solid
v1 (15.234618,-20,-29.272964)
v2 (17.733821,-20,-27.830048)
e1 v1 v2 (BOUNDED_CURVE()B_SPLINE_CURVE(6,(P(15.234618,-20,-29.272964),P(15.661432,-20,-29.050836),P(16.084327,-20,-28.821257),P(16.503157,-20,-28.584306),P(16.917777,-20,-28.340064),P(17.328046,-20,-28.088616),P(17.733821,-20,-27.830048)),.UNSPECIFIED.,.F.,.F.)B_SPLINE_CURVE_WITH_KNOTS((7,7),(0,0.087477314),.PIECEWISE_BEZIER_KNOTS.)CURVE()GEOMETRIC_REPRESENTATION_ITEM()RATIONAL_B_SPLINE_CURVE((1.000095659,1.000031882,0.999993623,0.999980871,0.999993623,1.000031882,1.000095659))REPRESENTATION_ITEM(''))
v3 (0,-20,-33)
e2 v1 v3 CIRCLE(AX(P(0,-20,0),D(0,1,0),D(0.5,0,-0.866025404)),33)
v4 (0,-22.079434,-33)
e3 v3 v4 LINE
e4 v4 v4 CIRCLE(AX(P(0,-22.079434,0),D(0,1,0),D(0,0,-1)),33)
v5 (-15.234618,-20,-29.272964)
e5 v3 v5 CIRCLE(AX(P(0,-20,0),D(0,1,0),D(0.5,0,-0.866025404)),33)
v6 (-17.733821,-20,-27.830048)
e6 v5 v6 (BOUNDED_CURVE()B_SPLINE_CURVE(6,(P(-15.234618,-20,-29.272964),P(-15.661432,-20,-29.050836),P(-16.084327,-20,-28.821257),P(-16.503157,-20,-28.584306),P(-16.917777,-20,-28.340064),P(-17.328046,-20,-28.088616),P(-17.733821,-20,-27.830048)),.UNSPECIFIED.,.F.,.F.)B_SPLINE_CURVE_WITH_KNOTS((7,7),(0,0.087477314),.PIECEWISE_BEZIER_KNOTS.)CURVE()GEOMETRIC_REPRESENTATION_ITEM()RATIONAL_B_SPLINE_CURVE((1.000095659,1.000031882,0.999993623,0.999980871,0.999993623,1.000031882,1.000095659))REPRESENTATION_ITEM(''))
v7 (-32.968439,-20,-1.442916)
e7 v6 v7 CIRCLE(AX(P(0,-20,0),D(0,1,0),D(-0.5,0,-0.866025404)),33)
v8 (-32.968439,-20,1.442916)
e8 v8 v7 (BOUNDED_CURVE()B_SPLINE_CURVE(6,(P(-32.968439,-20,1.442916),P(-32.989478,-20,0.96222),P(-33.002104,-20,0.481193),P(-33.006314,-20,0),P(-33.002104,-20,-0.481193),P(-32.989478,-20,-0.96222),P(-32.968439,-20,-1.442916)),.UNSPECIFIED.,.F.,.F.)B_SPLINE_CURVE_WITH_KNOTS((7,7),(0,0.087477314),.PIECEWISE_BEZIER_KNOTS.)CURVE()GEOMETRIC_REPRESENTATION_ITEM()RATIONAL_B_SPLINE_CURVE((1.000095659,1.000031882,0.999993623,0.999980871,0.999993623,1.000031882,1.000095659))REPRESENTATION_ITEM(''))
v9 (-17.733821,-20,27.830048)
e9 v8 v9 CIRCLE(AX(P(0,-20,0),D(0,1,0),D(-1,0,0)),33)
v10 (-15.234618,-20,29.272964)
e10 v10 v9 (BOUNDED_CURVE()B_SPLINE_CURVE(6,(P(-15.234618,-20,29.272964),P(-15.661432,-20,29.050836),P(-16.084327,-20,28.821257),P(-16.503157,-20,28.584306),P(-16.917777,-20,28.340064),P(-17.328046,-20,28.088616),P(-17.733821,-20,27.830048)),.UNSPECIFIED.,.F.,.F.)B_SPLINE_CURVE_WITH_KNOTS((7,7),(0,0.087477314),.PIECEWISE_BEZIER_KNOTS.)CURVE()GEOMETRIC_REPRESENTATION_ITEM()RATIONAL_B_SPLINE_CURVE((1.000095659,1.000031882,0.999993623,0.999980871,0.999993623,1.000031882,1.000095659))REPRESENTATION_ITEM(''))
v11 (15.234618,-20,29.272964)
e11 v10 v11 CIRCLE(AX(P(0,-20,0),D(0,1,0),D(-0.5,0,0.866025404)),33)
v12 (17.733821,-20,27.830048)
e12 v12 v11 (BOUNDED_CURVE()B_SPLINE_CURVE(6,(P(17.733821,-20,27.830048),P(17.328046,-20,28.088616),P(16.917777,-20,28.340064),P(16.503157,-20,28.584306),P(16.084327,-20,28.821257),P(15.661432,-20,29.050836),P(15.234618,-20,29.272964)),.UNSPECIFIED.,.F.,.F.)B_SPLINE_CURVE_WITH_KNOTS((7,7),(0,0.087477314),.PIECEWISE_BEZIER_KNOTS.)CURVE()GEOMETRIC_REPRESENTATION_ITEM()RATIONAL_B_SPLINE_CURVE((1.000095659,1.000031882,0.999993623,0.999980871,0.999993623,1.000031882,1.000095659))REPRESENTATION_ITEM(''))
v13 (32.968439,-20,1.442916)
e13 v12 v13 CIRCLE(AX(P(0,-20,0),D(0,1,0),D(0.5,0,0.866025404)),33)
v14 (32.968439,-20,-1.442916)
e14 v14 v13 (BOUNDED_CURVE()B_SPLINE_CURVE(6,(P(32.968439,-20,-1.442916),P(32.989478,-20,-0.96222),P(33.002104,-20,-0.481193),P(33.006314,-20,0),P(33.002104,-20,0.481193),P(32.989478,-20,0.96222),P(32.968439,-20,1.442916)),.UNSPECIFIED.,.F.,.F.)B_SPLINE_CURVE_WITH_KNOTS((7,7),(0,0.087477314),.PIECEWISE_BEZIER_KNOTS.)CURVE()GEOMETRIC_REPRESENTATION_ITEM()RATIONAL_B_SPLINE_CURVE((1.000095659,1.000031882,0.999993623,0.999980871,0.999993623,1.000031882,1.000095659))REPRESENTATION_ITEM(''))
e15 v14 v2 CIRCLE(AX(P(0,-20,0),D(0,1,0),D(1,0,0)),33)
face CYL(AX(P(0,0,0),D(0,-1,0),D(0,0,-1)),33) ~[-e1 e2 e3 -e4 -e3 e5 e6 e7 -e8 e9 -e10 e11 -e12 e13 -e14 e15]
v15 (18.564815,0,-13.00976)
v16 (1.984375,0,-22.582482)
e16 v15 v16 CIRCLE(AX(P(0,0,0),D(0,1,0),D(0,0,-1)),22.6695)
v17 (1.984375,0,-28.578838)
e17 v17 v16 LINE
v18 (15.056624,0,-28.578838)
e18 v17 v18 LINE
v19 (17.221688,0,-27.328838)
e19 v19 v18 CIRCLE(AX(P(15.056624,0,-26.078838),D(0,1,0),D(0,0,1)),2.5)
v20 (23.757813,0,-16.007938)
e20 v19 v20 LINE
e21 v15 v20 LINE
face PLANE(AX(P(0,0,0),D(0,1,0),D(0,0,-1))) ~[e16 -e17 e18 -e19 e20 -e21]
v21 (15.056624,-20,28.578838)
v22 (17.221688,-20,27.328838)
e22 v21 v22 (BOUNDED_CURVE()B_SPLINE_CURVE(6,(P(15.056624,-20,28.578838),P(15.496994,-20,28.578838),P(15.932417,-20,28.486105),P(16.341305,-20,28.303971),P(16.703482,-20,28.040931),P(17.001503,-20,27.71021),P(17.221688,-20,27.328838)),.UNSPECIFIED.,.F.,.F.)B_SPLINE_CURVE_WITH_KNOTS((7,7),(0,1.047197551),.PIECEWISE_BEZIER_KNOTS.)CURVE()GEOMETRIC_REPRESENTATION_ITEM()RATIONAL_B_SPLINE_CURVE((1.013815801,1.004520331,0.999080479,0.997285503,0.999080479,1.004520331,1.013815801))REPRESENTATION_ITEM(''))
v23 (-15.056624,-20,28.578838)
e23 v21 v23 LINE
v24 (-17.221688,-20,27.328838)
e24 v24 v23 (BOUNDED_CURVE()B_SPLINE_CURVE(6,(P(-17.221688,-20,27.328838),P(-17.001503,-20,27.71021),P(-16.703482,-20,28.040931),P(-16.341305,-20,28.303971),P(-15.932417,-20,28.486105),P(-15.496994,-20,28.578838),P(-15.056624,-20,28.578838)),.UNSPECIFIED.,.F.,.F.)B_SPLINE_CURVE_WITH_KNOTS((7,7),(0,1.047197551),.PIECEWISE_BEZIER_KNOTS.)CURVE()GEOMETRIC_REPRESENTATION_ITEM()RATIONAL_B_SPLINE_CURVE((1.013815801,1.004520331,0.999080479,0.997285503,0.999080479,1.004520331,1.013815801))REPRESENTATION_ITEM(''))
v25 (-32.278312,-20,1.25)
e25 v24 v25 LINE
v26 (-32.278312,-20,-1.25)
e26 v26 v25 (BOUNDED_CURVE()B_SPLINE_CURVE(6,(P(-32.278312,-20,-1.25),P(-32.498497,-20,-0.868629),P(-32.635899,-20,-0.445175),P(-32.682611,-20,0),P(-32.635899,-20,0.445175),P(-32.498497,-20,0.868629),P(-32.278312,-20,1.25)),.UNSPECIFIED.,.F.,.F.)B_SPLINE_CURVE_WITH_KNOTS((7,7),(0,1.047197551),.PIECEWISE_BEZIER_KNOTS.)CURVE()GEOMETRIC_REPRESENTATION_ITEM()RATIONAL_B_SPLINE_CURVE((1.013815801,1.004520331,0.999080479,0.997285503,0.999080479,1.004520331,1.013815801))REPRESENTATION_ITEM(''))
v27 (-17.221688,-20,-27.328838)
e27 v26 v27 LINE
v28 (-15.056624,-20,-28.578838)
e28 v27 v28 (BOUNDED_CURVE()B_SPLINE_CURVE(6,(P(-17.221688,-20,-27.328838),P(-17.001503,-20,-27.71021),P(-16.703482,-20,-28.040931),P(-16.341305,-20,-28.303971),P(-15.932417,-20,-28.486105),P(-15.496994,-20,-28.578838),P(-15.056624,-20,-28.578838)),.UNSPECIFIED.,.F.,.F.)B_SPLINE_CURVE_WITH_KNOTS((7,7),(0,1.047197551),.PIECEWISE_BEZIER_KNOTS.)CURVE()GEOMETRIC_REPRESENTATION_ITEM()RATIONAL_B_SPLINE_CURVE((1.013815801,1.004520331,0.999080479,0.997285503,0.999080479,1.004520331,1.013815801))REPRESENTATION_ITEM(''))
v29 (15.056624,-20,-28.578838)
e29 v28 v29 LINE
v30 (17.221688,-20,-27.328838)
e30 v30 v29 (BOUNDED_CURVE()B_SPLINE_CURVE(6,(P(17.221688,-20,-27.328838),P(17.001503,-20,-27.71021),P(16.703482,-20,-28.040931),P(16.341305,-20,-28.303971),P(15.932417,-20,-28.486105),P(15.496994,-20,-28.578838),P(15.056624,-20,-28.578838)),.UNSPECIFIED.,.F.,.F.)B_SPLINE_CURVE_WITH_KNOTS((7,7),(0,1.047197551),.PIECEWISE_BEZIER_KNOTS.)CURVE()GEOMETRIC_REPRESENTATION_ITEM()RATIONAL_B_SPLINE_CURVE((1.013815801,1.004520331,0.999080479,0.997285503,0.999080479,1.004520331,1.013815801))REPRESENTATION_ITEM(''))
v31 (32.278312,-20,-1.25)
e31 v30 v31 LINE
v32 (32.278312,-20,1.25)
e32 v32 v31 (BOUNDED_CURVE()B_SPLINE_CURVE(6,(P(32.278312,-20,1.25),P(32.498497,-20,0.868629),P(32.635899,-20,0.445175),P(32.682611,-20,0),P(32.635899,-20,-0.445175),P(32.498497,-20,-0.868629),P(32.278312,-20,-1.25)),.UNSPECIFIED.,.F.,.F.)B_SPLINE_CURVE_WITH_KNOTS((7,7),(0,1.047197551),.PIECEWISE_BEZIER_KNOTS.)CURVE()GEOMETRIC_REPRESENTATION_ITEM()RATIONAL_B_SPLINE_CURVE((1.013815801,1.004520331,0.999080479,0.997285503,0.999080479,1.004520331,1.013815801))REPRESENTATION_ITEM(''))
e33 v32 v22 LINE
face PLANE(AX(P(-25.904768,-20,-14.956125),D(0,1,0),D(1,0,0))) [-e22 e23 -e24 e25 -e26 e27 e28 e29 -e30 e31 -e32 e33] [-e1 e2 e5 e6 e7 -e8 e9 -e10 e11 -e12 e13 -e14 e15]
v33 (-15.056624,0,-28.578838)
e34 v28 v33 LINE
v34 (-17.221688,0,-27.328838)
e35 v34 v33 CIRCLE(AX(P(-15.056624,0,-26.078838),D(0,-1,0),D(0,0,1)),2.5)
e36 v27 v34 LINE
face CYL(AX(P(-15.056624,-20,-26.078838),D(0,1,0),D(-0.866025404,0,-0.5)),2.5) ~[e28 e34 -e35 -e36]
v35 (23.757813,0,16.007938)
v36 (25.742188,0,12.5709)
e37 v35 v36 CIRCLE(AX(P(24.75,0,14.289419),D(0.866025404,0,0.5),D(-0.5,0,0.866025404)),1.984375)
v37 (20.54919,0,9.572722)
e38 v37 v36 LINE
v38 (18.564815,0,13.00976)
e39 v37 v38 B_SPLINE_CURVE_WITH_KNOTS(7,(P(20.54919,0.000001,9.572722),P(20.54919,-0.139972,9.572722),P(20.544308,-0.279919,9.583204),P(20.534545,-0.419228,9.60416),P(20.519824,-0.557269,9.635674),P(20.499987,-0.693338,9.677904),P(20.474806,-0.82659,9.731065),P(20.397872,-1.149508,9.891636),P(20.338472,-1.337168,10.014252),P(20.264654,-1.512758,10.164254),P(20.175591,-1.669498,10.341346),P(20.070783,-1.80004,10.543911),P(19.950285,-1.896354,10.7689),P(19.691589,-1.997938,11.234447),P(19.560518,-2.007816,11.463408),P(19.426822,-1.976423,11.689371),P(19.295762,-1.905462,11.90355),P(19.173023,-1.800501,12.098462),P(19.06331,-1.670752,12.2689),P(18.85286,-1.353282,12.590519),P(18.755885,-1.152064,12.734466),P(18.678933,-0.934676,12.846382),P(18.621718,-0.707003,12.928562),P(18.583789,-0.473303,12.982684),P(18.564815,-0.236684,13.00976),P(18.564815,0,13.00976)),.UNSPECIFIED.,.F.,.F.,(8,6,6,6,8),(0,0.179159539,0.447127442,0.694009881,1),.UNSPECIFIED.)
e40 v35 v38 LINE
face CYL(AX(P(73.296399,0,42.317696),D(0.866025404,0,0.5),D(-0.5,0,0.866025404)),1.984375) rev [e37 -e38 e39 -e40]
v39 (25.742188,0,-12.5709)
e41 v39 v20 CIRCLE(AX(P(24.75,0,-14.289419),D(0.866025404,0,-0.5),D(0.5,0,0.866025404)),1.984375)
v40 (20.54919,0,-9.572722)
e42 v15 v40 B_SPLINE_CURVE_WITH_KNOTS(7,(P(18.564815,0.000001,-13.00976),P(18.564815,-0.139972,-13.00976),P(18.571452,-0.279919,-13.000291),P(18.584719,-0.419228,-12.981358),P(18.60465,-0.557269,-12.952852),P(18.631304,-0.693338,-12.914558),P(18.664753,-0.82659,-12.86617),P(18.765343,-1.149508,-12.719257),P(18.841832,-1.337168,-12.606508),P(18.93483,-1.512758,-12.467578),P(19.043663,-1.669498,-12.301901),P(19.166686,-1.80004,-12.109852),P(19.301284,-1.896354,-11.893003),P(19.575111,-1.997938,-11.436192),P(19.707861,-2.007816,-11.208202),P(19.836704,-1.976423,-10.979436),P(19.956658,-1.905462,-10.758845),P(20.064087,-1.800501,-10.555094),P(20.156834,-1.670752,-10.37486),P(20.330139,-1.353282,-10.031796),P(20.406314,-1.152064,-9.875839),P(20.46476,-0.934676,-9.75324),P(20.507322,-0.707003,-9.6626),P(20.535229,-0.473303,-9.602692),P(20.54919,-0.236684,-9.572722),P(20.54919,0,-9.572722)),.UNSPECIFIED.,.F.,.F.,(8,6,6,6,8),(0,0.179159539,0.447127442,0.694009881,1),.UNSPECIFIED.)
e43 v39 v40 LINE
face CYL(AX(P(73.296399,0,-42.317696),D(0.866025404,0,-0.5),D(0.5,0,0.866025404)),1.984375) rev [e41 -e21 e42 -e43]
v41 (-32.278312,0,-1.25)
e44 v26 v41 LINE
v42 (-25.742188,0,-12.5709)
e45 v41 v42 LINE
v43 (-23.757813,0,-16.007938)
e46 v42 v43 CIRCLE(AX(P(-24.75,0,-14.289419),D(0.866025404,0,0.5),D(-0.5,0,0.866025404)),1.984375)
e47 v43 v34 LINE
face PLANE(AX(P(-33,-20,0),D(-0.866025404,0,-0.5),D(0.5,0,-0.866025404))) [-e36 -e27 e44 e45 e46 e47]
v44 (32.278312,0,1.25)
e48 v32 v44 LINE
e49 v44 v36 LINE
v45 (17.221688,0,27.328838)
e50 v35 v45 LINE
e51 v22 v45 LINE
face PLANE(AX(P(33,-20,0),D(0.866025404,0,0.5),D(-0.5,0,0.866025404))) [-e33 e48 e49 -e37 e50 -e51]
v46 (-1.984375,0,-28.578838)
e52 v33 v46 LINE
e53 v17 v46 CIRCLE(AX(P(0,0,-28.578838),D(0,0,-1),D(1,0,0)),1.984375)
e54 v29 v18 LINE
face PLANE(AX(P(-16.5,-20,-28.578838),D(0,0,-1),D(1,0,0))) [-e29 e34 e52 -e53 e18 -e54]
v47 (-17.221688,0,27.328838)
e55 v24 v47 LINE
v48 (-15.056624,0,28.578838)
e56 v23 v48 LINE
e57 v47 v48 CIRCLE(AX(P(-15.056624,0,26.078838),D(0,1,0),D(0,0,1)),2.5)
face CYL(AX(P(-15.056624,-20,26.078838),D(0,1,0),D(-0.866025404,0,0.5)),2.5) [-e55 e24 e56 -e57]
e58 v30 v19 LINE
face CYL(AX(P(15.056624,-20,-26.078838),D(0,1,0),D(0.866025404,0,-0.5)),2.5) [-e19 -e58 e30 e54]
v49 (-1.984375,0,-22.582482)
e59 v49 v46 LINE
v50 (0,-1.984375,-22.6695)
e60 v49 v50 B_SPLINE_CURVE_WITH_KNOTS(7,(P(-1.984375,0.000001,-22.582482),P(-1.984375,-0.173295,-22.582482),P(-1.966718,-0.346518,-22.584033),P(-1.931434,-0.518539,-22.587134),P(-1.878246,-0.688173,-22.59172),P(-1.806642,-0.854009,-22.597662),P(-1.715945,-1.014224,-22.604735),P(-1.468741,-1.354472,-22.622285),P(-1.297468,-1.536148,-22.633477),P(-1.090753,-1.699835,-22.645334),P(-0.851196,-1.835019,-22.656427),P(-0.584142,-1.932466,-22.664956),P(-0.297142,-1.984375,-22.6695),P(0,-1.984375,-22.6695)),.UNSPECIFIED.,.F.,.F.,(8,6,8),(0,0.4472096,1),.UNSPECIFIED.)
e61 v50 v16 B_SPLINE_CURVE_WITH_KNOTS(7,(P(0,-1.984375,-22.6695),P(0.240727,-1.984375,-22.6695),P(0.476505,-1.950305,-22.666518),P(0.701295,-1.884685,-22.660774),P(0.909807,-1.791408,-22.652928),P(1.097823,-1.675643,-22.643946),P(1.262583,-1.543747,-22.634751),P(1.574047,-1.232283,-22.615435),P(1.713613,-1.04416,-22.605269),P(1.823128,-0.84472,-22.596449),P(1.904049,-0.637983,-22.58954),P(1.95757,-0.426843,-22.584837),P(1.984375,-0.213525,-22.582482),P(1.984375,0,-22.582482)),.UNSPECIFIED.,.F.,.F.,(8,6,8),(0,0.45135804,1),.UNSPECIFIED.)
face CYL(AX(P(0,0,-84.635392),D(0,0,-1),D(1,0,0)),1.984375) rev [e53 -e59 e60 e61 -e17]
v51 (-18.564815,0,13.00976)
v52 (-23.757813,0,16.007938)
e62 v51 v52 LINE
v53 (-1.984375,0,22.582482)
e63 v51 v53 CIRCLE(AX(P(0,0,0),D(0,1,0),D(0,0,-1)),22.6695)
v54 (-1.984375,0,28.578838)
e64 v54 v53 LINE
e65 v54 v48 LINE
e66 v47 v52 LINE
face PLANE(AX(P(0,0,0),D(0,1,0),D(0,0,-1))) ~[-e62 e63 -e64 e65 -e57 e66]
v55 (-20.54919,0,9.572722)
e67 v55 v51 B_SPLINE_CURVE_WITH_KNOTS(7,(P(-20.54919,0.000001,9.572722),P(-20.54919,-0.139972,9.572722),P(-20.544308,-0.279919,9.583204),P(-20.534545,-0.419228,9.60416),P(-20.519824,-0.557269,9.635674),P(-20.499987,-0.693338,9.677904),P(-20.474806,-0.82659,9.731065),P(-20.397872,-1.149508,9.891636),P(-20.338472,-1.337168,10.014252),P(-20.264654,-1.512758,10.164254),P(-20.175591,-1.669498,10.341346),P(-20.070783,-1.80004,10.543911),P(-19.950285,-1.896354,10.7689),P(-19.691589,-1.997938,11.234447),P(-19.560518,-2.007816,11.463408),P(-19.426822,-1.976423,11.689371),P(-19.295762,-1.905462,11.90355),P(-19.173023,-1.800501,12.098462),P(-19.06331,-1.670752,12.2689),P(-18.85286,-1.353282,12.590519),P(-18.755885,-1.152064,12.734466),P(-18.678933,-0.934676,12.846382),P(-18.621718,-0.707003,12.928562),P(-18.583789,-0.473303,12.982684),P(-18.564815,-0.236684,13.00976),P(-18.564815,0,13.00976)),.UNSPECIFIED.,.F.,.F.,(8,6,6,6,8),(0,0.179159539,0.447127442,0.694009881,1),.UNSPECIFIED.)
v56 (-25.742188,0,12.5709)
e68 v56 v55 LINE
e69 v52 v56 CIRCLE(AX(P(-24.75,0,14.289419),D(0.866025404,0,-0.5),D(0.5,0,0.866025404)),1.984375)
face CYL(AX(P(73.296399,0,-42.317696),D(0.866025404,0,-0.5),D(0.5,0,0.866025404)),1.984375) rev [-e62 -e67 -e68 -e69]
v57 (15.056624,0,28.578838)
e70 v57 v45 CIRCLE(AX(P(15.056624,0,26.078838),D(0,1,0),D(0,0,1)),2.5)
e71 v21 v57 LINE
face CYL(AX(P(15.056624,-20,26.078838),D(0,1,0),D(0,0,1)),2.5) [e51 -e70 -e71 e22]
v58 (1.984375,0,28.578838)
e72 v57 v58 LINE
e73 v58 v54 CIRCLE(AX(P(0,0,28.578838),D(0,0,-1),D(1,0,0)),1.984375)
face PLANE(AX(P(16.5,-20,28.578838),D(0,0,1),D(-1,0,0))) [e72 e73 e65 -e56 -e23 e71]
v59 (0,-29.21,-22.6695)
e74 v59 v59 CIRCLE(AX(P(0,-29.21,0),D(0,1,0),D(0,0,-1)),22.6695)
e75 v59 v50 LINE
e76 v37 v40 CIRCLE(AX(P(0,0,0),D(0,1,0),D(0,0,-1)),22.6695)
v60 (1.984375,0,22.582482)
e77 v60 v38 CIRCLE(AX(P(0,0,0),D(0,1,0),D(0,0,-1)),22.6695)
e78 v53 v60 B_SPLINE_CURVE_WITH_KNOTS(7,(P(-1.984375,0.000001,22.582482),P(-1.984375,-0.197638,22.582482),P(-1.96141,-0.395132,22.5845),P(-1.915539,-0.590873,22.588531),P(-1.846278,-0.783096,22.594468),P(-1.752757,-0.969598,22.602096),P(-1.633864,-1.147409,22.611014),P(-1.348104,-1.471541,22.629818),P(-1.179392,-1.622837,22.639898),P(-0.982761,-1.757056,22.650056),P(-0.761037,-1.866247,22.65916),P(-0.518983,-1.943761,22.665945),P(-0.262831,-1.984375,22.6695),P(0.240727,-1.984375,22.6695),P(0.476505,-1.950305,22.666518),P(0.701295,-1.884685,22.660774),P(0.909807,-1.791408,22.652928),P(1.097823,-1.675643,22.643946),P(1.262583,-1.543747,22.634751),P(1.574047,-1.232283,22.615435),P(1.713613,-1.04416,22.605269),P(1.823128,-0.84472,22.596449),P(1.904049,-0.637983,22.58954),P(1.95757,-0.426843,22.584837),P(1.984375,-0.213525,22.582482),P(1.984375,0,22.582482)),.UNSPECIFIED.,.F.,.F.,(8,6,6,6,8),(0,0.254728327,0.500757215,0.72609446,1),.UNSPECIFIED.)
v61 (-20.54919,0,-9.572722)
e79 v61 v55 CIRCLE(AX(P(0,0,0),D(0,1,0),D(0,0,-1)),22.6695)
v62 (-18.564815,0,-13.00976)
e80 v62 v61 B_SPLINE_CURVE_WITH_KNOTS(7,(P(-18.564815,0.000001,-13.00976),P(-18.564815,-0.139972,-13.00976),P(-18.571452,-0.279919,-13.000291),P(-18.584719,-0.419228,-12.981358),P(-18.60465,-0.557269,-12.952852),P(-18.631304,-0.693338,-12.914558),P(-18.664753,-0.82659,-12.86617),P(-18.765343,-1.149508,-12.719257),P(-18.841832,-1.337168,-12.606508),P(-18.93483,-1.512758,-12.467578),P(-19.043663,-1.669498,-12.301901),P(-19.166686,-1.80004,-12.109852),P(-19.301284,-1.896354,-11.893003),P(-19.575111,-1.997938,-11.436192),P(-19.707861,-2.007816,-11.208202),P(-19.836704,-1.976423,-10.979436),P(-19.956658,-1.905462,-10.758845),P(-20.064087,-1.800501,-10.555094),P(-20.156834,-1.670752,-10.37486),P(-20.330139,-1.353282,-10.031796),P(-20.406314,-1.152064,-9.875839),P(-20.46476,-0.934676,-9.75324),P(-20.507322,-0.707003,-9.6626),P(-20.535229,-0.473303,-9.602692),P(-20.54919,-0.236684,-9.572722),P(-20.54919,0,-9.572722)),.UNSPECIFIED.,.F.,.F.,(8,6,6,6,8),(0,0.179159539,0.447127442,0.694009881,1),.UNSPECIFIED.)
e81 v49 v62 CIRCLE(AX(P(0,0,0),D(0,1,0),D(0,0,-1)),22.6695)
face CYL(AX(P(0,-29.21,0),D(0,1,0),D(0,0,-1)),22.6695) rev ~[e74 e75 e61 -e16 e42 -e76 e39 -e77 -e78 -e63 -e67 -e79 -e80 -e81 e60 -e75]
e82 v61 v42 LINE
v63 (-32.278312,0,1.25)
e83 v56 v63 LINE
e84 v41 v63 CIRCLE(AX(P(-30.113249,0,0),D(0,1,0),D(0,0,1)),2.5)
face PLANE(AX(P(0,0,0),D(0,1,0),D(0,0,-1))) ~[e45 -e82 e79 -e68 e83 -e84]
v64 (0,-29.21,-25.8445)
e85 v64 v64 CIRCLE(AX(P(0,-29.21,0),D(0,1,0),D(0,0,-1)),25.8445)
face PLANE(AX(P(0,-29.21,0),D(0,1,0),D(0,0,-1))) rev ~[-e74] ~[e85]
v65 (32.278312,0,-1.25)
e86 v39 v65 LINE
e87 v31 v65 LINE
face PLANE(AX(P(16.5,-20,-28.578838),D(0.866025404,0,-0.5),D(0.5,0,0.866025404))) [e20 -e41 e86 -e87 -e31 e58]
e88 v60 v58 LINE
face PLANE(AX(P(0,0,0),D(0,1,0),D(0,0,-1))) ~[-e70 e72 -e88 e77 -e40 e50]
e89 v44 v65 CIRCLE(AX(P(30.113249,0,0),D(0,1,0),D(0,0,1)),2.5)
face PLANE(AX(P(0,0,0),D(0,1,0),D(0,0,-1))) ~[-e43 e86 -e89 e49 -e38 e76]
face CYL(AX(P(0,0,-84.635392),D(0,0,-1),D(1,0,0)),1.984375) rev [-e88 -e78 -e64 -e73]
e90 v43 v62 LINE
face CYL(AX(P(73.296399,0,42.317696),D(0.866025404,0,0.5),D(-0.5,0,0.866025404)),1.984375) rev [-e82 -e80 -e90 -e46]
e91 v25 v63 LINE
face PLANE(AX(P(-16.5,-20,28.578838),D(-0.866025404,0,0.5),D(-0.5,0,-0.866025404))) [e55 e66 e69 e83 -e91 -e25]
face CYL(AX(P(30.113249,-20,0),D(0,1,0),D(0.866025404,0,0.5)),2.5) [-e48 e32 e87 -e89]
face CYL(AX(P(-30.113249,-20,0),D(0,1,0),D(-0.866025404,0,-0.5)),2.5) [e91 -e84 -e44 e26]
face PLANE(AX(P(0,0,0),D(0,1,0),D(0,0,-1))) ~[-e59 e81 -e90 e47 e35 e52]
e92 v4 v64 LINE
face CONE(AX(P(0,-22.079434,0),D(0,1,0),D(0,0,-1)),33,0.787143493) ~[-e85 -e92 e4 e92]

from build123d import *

# Parameters (mm, degrees)
CUT_EXTRUDE5_START = -20
CUT_EXTRUDE5_DEPTH = 20
FILLET4_R          = 2.5
CUT_EXTRUDE6_START = -84.635391772
SKETCH7_R          = 1.984375
CUT_EXTRUDE6_DEPTH = 140.691945543
CIRPATTERN2_COUNT  = 6


with BuildPart() as part:
    # Sketch1 → Revolve1 (revolve)
    with BuildSketch(Plane(origin=(0, 0, 0), x_dir=(0, 0, -1), z_dir=(1, 0, 0)), mode=Mode.PRIVATE) as revolve1_sk:
        Polygon((-22.6695, -29.21), (-22.6695, 0), (-33, 0), (-33, -22.079433914), (-25.8445, -29.21), align=None)
    revolve(revolve1_sk.sketch.rotate(Axis((0, 0, 0), (0, 1, 0)), 180), axis=Axis((0, 0, 0), (0, 1, 0)))

    # Sketch4 → Cut-Extrude5 (cut)
    with BuildSketch(Plane(origin=(0, 0, 0), x_dir=(1, 0, 0), z_dir=(0, 1, 0)).offset(CUT_EXTRUDE5_START)):
        with BuildLine():
            ThreePointArc((33, 0), (28.578838325, 16.5), (16.5, 28.578838325))
            Line((16.5, 28.578838325), (33, 0))
        make_face()
        with BuildLine():
            Line((-16.5, 28.578838325), (16.5, 28.578838325))
            ThreePointArc((16.5, 28.578838325), (0, 33), (-16.5, 28.578838325))
        make_face()
        with BuildLine():
            Line((-33, 0), (-16.5, 28.578838325))
            ThreePointArc((-16.5, 28.578838325), (-28.578838325, 16.5), (-33, 0))
        make_face()
        with BuildLine():
            ThreePointArc((16.5, -28.578838325), (28.578838325, -16.5), (33, 0))
            Line((33, 0), (16.5, -28.578838325))
        make_face()
        with BuildLine():
            Line((-16.5, -28.578838325), (-33, 0))
            ThreePointArc((-33, 0), (-28.578838325, -16.5), (-16.5, -28.578838325))
        make_face()
        with BuildLine():
            ThreePointArc((-16.5, -28.578838325), (0, -33), (16.5, -28.578838325))
            Line((16.5, -28.578838325), (-16.5, -28.578838325))
        make_face()
    extrude(amount=CUT_EXTRUDE5_DEPTH, mode=Mode.SUBTRACT)

    # Fillet4
    fillet4_edges = [part.edges().sort_by_distance(p)[0] for p in [
        (33, -10, 0),
        (16.5, -10, -28.578838325),
        (-33, -10, 0),
        (16.5, -10, 28.578838325),
        (-16.5, -10, -28.578838325),
        (-16.5, -10, 28.578838325),
    ]]
    fillet(fillet4_edges, radius=FILLET4_R)

    # Sketch7 → Cut-Extrude6 (cut)
    with BuildSketch(Plane.XY.offset(CUT_EXTRUDE6_START)):
        Circle(SKETCH7_R)
    cut_extrude6 = extrude(amount=CUT_EXTRUDE6_DEPTH, mode=Mode.SUBTRACT)

    # CirPattern2: Cut-Extrude6 ×6 about axis
    cirpattern2_axis = Axis((0, 0, 0), (0, -1, 0))
    for i in range(1, CIRPATTERN2_COUNT):
        add(cut_extrude6.rotate(cirpattern2_axis, i * 360 / CIRPATTERN2_COUNT), mode=Mode.SUBTRACT)


solid = part.part
